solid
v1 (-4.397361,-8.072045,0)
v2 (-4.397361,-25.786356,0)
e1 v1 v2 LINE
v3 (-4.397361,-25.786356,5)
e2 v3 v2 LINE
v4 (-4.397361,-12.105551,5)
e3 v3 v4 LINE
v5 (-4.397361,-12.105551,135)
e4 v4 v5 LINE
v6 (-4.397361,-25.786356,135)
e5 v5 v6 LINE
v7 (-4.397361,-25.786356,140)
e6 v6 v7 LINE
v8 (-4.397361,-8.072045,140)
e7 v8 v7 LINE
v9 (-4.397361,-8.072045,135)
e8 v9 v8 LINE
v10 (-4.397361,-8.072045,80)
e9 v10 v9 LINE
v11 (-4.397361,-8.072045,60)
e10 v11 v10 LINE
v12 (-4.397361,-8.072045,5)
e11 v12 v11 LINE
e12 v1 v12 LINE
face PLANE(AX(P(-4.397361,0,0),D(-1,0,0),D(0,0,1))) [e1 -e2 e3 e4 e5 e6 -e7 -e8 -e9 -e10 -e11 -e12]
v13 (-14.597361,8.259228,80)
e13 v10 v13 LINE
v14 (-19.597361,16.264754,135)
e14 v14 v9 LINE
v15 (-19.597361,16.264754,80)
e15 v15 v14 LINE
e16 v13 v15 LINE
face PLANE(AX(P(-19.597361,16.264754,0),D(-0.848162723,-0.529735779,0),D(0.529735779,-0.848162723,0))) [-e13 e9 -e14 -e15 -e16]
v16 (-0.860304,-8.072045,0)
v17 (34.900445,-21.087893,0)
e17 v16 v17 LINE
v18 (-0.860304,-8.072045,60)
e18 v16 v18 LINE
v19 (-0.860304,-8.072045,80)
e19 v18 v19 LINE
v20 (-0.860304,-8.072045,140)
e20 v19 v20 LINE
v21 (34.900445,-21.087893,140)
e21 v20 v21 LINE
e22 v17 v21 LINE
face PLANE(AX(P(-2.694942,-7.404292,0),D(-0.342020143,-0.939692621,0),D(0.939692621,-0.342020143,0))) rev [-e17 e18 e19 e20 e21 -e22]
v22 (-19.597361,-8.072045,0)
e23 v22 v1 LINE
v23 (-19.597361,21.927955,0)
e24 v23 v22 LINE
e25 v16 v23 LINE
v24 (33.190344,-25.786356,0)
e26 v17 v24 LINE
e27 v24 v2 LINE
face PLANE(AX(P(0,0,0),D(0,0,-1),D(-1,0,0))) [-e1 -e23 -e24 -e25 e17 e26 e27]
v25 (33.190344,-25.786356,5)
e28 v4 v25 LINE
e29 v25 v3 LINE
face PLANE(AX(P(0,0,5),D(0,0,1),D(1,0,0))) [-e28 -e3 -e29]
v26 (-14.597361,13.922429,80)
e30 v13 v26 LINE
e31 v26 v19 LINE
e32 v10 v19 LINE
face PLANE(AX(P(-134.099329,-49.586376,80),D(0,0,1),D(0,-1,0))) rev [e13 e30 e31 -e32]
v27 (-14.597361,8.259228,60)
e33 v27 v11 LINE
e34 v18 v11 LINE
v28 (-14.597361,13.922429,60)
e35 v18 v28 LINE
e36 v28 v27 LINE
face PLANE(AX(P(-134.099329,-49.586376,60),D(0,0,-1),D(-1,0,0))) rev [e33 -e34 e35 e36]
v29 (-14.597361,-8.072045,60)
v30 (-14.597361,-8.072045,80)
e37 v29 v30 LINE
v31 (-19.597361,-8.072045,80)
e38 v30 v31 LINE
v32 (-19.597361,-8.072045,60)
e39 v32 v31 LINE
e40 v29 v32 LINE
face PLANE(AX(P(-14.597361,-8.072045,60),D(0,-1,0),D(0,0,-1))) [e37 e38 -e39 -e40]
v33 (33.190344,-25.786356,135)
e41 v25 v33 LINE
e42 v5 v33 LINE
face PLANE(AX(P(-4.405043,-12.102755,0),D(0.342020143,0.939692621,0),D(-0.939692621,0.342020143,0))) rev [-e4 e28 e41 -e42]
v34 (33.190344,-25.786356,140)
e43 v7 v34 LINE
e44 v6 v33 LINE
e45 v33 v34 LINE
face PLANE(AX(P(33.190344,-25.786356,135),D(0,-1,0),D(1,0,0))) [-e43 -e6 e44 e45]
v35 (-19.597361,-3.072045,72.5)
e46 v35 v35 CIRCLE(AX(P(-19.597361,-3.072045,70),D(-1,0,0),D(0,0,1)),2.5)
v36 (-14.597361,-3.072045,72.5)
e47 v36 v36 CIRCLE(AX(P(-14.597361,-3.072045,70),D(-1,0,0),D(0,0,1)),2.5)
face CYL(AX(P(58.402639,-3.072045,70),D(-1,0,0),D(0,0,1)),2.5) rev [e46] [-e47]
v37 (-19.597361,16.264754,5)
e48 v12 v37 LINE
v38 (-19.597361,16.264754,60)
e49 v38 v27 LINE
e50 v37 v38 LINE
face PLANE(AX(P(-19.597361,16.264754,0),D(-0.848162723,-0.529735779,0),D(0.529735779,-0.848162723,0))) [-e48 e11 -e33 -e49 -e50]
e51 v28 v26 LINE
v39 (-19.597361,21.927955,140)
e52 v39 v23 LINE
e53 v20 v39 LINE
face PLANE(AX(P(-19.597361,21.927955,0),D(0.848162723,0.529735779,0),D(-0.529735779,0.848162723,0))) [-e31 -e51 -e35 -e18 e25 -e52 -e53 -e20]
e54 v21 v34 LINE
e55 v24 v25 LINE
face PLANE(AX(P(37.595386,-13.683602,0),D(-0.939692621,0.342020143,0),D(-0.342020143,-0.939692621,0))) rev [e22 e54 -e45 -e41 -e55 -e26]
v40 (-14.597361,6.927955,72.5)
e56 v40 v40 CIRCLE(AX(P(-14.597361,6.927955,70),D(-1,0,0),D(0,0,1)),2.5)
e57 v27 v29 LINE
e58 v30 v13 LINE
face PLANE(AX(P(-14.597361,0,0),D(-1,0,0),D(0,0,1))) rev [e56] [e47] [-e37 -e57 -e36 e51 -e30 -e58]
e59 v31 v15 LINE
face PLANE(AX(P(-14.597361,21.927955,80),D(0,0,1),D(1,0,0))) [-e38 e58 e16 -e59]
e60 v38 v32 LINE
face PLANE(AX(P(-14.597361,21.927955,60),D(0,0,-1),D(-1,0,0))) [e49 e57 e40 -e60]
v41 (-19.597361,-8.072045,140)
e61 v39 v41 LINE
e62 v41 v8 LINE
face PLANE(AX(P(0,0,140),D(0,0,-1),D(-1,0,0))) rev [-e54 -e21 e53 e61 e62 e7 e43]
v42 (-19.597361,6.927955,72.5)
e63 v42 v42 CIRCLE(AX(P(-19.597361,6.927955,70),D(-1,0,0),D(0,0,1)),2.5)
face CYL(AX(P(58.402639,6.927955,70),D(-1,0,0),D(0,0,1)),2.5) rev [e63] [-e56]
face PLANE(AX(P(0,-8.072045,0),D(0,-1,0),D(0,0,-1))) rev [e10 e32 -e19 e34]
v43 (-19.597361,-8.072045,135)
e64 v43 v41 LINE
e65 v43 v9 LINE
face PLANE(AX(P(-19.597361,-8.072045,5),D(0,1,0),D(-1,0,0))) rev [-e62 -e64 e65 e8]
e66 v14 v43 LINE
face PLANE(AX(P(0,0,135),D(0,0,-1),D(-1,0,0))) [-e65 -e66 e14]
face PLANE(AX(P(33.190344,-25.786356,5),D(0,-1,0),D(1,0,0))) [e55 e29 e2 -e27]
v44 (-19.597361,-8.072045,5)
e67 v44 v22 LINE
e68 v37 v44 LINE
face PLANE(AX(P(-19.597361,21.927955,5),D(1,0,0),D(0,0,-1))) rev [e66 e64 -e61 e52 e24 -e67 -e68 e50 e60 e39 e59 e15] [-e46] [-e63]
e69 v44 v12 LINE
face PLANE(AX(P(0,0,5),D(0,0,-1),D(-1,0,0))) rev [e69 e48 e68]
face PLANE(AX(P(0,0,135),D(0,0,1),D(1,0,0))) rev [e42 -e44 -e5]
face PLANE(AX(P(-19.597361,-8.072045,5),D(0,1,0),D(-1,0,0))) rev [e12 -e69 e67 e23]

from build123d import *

# Parameters (mm, degrees)
EXTRUDE_1_DEPTH      = 5
EXTRUDE_2_DEPTH      = 135
EXTRUDE_2_DEPTH_BACK = 5
SKETCH_3_W           = 20
SKETCH_3_H           = 35.370571237
CUT_EXTRUDE_1_DEPTH  = 135
SKETCH_4_W           = 20
SKETCH_4_H           = 30
EXTRUDE_3_DEPTH      = 5
CUT_EXTRUDE_2_DEPTH  = 78
SKETCH_6_R           = 2.5
CUT_EXTRUDE_3_DEPTH  = 78
EXTRUDE_4_DEPTH      = 5
EXTRUDE_5_DEPTH      = 140
EXTRUDE_6_DEPTH      = 5
EXTRUDE_7_DEPTH      = 5


with BuildPart() as part:
    # 스케치1 → 보스-돌출1 (new body)
    with BuildSketch(Plane.XY):
        Polygon((-19.597361035, 21.927954703), (-19.597361035, -8.072045297), (-4.397361035, -8.072045297), align=None)
    extrude(amount=EXTRUDE_1_DEPTH)

    # 스케치2 → 보스-돌출2 (add, two sides: drawn at the far end of the back side and taken through both)
    with BuildSketch(Plane.XY.offset(5).offset(-EXTRUDE_2_DEPTH_BACK)):
        Polygon((-19.597361035, 21.927954703), (-0.860303912, -8.072045297), (-4.397361035, -8.072045297), (-19.597361035, 16.264754072), align=None)
    extrude(amount=EXTRUDE_2_DEPTH + EXTRUDE_2_DEPTH_BACK)

    # 스케치3 → 컷-돌출1 (cut)
    with BuildSketch(Plane(origin=(-4.245672665, -2.651713709, 0), x_dir=(0, 0, -1), z_dir=(0.8481627225827804, 0.5297357794419456, 0))):
        with Locations((-70, 11.294611466)):
            Rectangle(SKETCH_3_W, SKETCH_3_H)
    extrude(amount=-CUT_EXTRUDE_1_DEPTH, mode=Mode.SUBTRACT)


with BuildPart() as cut_extrude_1_piece_1:
    # of the separate pieces the step leaves, piece 1, a body of its own (cut_extrude_1_pieces)
    add(part.part.solids().sort_by_distance((-19.597361035, 21.927954703, 0))[0])



with BuildPart() as cut_extrude_1_piece_2:
    # of the separate pieces the step leaves, piece 2, a body of its own (cut_extrude_1_pieces)
    add(part.part.solids().sort_by_distance((-19.597361035, 16.264754072, 80))[0])


with BuildPart() as cut_extrude_1_piece_1_1:
    add(cut_extrude_1_piece_1.part)

    add(cut_extrude_1_piece_2.part)  # 보스-돌출3 merges 컷-돌출1 piece 2
    # 스케치4 → 보스-돌출3 (add)
    with BuildSketch(Plane.ZY.offset(19.597361035)):
        with Locations((70, 6.927954703)):
            Rectangle(SKETCH_4_W, SKETCH_4_H)
    extrude(amount=-EXTRUDE_3_DEPTH)

    # 스케치5 → 컷-돌출2 (cut)
    with BuildSketch(Plane.XY.offset(80)):
        Polygon((-19.597361035, 21.927954703), (-14.597361035, 21.927954703), (-14.597361035, 13.922428594), align=None)
    extrude(amount=-CUT_EXTRUDE_2_DEPTH, mode=Mode.SUBTRACT)

    # 스케치6 → 컷-돌출3 (cut)
    with BuildSketch(Plane.ZY.offset(19.597361035)):
        with Locations((70, -3.072045297)):
            Circle(SKETCH_6_R)
        with Locations((70, 6.927954703)):
            Circle(SKETCH_6_R)
    extrude(amount=-CUT_EXTRUDE_3_DEPTH, mode=Mode.SUBTRACT)

    # 스케치7 → 보스-돌출4 (add)
    with BuildSketch(Plane.XY.offset(140)):
        Polygon((-0.860303912, -8.072045297), (-19.597361035, 21.927954703), (-19.597361035, -8.072045297), align=None)
    extrude(amount=-EXTRUDE_4_DEPTH)

    # 스케치8 → 보스-돌출5 (add)
    with BuildSketch(Plane.XY.offset(140)):
        Polygon((34.900444513, -21.087893279), (-0.860303912, -8.072045297), (-4.397361035, -8.072045297), (-4.397361035, -12.10555065), (33.190343796, -25.786356383), align=None)
    extrude(amount=-EXTRUDE_5_DEPTH)

    # 스케치9 → 보스-돌출6 (add)
    with BuildSketch(Plane.XY.offset(140)):
        Polygon((33.190343796, -25.786356383), (-4.397361035, -25.786356383), (-4.397361035, -8.072045297), align=None)
    extrude(amount=-EXTRUDE_6_DEPTH)

    # 스케치10 → 보스-돌출7 (add)
    with BuildSketch(Plane(origin=(0, 0, 0), x_dir=(-1, 0, 0), z_dir=(0, 0, -1))):
        Polygon((-33.190343796, -25.786356383), (4.397361035, -25.786356383), (4.397361035, -10.088797974), align=None)
    extrude(amount=-EXTRUDE_7_DEPTH)


solid = cut_extrude_1_piece_1_1.part
